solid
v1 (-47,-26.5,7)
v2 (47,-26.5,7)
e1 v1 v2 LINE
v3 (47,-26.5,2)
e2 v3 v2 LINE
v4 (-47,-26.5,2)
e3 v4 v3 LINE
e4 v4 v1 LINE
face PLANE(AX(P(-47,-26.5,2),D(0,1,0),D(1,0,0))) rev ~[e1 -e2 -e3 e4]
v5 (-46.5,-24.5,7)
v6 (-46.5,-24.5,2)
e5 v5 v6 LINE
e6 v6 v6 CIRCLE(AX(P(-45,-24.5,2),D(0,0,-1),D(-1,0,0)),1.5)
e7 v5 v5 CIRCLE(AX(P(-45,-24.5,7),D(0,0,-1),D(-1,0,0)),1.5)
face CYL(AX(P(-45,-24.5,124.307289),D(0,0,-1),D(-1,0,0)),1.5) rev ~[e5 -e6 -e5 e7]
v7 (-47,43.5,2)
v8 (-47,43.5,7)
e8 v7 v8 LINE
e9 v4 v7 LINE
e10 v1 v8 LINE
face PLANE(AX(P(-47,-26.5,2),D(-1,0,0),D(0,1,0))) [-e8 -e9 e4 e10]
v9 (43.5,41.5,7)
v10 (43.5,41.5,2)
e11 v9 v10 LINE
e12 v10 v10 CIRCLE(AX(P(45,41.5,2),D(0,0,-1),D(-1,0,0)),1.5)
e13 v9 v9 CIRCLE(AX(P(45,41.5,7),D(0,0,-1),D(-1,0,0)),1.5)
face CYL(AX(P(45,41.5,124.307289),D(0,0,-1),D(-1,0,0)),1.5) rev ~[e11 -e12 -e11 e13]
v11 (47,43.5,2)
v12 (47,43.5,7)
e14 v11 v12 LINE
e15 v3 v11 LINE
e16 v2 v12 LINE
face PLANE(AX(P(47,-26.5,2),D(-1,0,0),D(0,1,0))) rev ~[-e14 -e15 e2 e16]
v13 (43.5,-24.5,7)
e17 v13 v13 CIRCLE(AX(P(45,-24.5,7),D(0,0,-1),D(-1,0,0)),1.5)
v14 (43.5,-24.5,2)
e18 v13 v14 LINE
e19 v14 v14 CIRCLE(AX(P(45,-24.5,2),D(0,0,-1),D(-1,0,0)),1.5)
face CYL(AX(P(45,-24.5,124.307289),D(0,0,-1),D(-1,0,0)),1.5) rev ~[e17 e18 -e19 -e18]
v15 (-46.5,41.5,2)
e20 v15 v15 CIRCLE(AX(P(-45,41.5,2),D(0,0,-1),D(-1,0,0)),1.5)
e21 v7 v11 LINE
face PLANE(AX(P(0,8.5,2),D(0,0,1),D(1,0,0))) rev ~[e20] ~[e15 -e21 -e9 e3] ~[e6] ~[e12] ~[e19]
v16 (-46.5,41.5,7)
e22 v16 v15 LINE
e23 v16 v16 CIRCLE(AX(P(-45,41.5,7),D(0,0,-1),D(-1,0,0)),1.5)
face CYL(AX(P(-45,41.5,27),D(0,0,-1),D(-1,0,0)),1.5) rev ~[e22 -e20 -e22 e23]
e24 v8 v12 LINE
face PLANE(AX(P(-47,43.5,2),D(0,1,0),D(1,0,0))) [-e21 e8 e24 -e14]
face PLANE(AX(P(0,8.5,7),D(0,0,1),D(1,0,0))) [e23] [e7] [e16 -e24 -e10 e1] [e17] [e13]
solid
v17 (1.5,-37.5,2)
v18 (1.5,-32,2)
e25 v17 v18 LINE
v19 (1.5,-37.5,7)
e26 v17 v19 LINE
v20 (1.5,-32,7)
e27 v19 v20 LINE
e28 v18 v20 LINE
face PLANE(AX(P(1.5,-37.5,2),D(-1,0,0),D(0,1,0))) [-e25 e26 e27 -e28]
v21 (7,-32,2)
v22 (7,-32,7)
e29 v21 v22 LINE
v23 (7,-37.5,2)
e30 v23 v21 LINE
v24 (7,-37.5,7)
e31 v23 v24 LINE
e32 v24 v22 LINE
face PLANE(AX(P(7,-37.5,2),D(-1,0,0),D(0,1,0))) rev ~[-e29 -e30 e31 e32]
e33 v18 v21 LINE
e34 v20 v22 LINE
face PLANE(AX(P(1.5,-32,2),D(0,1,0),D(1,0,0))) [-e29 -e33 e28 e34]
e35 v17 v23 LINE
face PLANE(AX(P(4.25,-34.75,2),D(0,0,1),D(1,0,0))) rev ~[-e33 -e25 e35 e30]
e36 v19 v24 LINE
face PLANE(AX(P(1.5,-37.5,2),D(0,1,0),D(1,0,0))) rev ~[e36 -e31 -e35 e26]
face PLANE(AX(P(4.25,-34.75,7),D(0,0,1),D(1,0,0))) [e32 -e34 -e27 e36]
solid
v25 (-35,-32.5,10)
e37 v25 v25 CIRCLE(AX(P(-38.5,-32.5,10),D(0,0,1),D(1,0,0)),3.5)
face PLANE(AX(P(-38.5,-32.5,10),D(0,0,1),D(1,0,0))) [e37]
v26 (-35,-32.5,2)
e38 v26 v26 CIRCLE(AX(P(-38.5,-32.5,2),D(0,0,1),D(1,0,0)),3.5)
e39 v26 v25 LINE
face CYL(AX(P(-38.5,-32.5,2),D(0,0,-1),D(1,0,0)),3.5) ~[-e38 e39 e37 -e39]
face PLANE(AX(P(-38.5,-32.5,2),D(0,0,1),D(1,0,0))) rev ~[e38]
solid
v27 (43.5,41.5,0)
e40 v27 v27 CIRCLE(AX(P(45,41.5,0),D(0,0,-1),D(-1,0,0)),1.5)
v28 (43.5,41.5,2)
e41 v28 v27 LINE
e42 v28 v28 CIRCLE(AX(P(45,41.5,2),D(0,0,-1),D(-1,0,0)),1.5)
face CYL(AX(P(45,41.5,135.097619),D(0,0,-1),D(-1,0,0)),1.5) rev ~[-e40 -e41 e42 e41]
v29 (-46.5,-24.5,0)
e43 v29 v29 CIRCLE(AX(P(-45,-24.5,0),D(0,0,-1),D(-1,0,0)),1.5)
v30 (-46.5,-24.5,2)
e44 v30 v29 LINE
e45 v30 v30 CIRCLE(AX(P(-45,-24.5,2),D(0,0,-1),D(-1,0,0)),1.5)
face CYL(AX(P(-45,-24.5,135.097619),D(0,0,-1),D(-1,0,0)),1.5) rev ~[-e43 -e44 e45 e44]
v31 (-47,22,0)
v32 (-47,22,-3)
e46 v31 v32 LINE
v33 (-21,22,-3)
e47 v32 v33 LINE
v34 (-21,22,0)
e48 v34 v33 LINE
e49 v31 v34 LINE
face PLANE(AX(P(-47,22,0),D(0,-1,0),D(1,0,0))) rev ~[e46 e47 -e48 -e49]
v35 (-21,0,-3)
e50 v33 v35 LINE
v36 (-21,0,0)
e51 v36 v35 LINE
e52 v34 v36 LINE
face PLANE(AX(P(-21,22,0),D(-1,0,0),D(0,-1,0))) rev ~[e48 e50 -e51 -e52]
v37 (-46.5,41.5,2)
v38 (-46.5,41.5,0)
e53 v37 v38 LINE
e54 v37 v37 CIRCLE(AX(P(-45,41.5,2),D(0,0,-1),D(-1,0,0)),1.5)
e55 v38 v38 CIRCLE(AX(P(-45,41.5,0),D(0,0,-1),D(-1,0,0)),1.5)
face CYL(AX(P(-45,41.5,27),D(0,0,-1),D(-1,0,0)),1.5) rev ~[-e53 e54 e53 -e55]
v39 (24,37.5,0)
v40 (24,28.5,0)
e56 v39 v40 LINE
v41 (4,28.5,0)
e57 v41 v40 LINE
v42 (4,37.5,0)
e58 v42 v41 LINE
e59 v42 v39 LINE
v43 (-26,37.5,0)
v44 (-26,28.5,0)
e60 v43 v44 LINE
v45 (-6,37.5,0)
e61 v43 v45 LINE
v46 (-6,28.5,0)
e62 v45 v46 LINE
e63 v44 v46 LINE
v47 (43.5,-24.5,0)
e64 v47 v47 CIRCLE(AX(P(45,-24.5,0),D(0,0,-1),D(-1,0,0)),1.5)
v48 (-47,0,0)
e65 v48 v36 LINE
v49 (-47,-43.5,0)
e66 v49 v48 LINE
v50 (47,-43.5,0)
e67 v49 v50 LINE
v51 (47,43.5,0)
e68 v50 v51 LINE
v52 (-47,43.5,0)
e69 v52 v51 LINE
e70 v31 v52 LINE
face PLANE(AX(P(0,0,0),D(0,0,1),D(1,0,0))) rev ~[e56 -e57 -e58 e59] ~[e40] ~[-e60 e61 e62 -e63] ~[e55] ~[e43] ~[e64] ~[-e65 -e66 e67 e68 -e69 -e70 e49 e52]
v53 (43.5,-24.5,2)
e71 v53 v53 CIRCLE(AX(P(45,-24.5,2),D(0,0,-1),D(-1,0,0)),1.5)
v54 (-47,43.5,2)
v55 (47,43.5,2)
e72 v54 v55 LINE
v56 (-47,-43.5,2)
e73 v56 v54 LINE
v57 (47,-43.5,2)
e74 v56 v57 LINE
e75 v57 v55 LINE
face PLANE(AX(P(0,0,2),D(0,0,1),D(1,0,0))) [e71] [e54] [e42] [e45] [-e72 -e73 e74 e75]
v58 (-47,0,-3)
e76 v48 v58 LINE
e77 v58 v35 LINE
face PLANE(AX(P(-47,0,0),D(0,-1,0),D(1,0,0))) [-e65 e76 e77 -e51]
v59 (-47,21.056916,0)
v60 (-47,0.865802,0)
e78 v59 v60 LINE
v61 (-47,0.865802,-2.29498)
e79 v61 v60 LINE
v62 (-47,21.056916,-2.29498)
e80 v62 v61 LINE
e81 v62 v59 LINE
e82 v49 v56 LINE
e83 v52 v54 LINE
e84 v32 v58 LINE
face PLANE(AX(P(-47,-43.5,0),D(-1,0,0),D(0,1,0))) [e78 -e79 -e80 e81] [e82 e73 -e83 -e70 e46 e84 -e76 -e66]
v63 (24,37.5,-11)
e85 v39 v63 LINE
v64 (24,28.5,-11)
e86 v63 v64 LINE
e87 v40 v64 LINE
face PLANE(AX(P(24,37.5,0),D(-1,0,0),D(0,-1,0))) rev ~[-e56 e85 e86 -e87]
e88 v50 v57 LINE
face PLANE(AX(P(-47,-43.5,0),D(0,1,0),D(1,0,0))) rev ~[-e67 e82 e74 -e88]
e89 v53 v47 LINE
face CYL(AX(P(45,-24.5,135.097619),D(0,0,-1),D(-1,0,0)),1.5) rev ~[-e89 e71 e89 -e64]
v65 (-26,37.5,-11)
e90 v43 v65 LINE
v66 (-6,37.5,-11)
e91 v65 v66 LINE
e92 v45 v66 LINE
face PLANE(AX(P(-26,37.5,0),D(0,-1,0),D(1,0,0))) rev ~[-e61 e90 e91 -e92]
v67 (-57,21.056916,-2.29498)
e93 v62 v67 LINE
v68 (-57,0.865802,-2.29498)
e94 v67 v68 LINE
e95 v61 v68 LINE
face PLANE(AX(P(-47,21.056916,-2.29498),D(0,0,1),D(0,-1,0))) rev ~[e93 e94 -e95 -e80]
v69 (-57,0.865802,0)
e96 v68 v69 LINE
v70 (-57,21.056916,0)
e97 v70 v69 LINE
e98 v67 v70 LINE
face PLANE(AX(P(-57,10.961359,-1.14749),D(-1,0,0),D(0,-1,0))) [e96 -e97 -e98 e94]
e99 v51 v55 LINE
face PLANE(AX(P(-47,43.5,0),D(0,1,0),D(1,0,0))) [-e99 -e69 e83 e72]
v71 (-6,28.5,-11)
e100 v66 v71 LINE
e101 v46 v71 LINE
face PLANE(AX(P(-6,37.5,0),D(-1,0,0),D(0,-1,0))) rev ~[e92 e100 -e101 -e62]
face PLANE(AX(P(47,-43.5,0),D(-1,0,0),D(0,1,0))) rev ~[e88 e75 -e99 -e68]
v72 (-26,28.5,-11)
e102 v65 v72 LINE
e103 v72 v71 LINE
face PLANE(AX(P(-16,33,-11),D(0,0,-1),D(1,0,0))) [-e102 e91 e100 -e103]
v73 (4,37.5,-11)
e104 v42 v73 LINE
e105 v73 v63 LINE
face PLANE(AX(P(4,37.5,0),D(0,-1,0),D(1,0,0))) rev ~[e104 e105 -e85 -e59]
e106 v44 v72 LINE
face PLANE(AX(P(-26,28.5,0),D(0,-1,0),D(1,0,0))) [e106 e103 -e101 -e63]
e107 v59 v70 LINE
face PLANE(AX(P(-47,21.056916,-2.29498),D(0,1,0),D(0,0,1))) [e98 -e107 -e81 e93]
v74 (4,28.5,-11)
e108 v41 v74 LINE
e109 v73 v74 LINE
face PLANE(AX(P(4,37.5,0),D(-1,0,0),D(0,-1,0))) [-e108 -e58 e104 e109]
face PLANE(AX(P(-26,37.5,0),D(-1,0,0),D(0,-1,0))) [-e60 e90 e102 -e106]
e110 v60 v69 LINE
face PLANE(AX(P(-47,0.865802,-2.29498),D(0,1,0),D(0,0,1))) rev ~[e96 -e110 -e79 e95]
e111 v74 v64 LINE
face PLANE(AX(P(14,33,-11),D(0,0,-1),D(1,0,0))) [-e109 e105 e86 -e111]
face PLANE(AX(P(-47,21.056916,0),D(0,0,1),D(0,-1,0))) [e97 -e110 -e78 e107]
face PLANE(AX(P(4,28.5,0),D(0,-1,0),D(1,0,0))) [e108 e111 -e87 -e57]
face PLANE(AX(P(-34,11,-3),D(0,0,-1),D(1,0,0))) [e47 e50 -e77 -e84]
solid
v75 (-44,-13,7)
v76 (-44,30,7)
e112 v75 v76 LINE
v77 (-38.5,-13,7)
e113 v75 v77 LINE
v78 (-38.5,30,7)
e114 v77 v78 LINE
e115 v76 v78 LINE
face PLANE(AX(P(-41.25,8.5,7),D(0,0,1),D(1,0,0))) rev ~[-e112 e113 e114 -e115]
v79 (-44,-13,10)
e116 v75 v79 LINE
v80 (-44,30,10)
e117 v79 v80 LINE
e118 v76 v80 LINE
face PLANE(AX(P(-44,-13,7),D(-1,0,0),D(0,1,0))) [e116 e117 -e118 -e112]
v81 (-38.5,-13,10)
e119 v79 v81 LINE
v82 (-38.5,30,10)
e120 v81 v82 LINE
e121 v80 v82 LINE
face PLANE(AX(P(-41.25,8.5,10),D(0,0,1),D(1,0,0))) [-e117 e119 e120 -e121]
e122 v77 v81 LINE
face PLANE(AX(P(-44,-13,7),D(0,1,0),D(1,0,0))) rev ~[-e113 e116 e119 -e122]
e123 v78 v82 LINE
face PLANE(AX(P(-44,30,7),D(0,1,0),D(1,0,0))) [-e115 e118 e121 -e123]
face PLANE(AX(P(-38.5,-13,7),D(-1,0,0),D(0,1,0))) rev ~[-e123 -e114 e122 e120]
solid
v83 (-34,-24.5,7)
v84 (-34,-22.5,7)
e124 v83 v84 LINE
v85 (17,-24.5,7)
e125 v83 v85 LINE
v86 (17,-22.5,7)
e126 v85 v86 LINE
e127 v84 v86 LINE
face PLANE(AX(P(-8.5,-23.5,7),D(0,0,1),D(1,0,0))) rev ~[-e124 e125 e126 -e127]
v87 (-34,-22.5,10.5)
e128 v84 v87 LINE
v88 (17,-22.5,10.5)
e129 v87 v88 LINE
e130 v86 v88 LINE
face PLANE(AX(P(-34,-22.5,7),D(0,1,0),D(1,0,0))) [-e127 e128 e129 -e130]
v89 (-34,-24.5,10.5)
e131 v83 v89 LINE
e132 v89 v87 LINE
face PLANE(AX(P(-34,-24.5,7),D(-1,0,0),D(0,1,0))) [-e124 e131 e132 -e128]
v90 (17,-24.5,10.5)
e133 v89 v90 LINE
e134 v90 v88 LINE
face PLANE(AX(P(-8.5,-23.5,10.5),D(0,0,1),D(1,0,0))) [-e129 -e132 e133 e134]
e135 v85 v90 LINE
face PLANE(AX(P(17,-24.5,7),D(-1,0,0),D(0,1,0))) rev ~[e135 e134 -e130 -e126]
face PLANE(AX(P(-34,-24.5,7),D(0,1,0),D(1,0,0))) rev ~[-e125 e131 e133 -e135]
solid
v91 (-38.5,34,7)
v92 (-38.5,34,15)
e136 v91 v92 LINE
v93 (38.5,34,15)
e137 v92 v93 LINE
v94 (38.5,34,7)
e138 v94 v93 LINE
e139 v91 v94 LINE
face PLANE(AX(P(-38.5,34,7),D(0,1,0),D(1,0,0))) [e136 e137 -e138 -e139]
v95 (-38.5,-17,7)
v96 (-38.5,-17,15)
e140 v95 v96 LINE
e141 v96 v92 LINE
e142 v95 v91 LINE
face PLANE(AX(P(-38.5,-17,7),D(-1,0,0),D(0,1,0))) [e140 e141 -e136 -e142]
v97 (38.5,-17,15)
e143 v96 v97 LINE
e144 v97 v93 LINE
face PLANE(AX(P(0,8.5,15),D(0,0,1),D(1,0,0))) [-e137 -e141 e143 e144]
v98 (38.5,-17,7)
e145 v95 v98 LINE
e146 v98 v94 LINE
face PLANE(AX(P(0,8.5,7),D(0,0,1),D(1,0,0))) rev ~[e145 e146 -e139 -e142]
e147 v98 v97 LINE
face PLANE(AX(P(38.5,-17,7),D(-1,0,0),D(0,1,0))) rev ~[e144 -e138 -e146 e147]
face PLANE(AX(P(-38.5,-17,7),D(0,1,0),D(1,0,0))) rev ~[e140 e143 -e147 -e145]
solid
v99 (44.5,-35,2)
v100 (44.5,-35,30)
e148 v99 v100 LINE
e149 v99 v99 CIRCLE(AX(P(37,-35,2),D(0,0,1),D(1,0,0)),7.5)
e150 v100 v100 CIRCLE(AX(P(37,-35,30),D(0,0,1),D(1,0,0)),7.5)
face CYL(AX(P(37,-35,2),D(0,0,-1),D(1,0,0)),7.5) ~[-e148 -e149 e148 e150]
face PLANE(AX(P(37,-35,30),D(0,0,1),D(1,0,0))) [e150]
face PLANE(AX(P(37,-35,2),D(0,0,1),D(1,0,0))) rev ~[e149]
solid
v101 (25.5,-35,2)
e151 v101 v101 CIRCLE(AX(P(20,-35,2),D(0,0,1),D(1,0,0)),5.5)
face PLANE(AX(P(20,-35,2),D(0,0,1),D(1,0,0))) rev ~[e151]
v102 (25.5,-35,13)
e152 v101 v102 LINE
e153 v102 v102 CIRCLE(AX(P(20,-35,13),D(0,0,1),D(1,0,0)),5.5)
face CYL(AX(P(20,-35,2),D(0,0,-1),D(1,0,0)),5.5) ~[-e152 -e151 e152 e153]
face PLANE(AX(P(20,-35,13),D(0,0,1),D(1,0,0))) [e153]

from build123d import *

# Parameters (mm, degrees)
F0_W        = 94
F0_H        = 87
F1_DEPTH    = 2
F2_W        = 94
F2_H        = 70
F3_DEPTH    = 5
F4_W        = 77
F4_H        = 51
F5_DEPTH    = 8
F6_W        = 5.5
F6_H        = 43
F7_DEPTH    = 3
F8_R        = 7.5
F9_DEPTH    = 28
F10_R       = 5.5
F11_DEPTH   = 11
F12_W       = 5.5
F12_H       = 5.5
F13_DEPTH   = 5
F14_R       = 3.5
F15_DEPTH   = 8
F17_D       = 3
F17_DEPTH   = 20
F17_2_D     = 3
F17_2_DEPTH = 20
F18_D       = 3
F18_2_D     = 3
F19_W       = 51
F19_H       = 2
F20_DEPTH   = 3.5
F21_W       = 26
F21_H       = 22
F22_DEPTH   = 3
F23_W       = 20
F23_H       = 9
F24_DEPTH   = 11
F25_W       = 20.191115
F25_H       = 2.29498
F26_DEPTH   = 10


with BuildPart() as f1:
    # F0 (on Top) → F1 (new body)
    with BuildSketch(Plane.XY):
        Rectangle(F0_W, F0_H)
    extrude(amount=F1_DEPTH)

    # F17
    with Locations(Plane.XY.offset(7)):
        with Locations((-45, 41.5)):
            Hole(F17_D / 2, depth=F17_DEPTH)

    # F18 (through all)
    with Locations(Plane.XY.offset(7)):
        with Locations((45, 41.5), (45, -24.5), (-45, -24.5)):
            Hole(F18_D / 2)

    # F21 (on face) → F22 (join)
    with BuildSketch(Plane(origin=(0, 0, 0), x_dir=(1, 0, 0), z_dir=(0, 0, -1))):
        with Locations((-34, -11)):
            Rectangle(F21_W, F21_H)
    extrude(amount=F22_DEPTH)

    # F23 (on face) → F24 (join)
    with BuildSketch(Plane(origin=(0, 0, 0), x_dir=(1, 0, 0), z_dir=(0, 0, -1))):
        with Locations((14, -33)):
            Rectangle(F23_W, F23_H)
        with Locations((-16, -33)):
            Rectangle(F23_W, F23_H)
    extrude(amount=F24_DEPTH)

    # F25 (on face) → F26 (join)
    with BuildSketch(Plane(origin=(-47, 0, 0), x_dir=(0, -1, 0), z_dir=(-1, 0, 0))):
        with Locations((-10.961359, -1.14749)):
            Rectangle(F25_W, F25_H)
    extrude(amount=F26_DEPTH)


with BuildPart() as f3:
    # F2 (on face) → F3 (new body)
    with BuildSketch(Plane.XY.offset(2)):
        with Locations((0, 8.5)):
            Rectangle(F2_W, F2_H)
    extrude(amount=F3_DEPTH)

    # F17#2
    with Locations(Plane.XY.offset(7)):
        with Locations((-45, 41.5)):
            Hole(F17_2_D / 2, depth=F17_2_DEPTH)

    # F18#2 (through all)
    with Locations(Plane.XY.offset(7)):
        with Locations((45, 41.5), (45, -24.5), (-45, -24.5)):
            Hole(F18_2_D / 2)


with BuildPart() as f5:
    # F4 (on face) → F5 (new body)
    with BuildSketch(Plane.XY.offset(7)):
        with Locations((0, 8.5)):
            Rectangle(F4_W, F4_H)
    extrude(amount=F5_DEPTH)


with BuildPart() as f7:
    # F6 (on face) → F7 (new body)
    with BuildSketch(Plane.XY.offset(7)):
        with Locations((-41.25, 8.5)):
            Rectangle(F6_W, F6_H)
    extrude(amount=F7_DEPTH)


with BuildPart() as f9:
    # F8 (on face) → F9 (new body)
    with BuildSketch(Plane.XY.offset(2)):
        with Locations((37, -35)):
            Circle(F8_R)
    extrude(amount=F9_DEPTH)


with BuildPart() as f11:
    # F10 (on face) → F11 (new body)
    with BuildSketch(Plane.XY.offset(2)):
        with Locations((20, -35)):
            Circle(F10_R)
    extrude(amount=F11_DEPTH)


with BuildPart() as f13:
    # F12 (on face) → F13 (new body)
    with BuildSketch(Plane.XY.offset(2)):
        with Locations((4.25, -34.75)):
            Rectangle(F12_W, F12_H)
    extrude(amount=F13_DEPTH)


with BuildPart() as f15:
    # F14 (on face) → F15 (new body)
    with BuildSketch(Plane.XY.offset(2)):
        with Locations((-38.5, -32.5)):
            Circle(F14_R)
    extrude(amount=F15_DEPTH)


with BuildPart() as f20:
    # F19 (on face) → F20 (new body)
    with BuildSketch(Plane.XY.offset(7)):
        with Locations((-8.5, -23.5)):
            Rectangle(F19_W, F19_H)
    extrude(amount=F20_DEPTH)


solid = Compound([f1.part, f3.part, f5.part, f7.part, f9.part, f11.part, f13.part, f15.part, f20.part])
